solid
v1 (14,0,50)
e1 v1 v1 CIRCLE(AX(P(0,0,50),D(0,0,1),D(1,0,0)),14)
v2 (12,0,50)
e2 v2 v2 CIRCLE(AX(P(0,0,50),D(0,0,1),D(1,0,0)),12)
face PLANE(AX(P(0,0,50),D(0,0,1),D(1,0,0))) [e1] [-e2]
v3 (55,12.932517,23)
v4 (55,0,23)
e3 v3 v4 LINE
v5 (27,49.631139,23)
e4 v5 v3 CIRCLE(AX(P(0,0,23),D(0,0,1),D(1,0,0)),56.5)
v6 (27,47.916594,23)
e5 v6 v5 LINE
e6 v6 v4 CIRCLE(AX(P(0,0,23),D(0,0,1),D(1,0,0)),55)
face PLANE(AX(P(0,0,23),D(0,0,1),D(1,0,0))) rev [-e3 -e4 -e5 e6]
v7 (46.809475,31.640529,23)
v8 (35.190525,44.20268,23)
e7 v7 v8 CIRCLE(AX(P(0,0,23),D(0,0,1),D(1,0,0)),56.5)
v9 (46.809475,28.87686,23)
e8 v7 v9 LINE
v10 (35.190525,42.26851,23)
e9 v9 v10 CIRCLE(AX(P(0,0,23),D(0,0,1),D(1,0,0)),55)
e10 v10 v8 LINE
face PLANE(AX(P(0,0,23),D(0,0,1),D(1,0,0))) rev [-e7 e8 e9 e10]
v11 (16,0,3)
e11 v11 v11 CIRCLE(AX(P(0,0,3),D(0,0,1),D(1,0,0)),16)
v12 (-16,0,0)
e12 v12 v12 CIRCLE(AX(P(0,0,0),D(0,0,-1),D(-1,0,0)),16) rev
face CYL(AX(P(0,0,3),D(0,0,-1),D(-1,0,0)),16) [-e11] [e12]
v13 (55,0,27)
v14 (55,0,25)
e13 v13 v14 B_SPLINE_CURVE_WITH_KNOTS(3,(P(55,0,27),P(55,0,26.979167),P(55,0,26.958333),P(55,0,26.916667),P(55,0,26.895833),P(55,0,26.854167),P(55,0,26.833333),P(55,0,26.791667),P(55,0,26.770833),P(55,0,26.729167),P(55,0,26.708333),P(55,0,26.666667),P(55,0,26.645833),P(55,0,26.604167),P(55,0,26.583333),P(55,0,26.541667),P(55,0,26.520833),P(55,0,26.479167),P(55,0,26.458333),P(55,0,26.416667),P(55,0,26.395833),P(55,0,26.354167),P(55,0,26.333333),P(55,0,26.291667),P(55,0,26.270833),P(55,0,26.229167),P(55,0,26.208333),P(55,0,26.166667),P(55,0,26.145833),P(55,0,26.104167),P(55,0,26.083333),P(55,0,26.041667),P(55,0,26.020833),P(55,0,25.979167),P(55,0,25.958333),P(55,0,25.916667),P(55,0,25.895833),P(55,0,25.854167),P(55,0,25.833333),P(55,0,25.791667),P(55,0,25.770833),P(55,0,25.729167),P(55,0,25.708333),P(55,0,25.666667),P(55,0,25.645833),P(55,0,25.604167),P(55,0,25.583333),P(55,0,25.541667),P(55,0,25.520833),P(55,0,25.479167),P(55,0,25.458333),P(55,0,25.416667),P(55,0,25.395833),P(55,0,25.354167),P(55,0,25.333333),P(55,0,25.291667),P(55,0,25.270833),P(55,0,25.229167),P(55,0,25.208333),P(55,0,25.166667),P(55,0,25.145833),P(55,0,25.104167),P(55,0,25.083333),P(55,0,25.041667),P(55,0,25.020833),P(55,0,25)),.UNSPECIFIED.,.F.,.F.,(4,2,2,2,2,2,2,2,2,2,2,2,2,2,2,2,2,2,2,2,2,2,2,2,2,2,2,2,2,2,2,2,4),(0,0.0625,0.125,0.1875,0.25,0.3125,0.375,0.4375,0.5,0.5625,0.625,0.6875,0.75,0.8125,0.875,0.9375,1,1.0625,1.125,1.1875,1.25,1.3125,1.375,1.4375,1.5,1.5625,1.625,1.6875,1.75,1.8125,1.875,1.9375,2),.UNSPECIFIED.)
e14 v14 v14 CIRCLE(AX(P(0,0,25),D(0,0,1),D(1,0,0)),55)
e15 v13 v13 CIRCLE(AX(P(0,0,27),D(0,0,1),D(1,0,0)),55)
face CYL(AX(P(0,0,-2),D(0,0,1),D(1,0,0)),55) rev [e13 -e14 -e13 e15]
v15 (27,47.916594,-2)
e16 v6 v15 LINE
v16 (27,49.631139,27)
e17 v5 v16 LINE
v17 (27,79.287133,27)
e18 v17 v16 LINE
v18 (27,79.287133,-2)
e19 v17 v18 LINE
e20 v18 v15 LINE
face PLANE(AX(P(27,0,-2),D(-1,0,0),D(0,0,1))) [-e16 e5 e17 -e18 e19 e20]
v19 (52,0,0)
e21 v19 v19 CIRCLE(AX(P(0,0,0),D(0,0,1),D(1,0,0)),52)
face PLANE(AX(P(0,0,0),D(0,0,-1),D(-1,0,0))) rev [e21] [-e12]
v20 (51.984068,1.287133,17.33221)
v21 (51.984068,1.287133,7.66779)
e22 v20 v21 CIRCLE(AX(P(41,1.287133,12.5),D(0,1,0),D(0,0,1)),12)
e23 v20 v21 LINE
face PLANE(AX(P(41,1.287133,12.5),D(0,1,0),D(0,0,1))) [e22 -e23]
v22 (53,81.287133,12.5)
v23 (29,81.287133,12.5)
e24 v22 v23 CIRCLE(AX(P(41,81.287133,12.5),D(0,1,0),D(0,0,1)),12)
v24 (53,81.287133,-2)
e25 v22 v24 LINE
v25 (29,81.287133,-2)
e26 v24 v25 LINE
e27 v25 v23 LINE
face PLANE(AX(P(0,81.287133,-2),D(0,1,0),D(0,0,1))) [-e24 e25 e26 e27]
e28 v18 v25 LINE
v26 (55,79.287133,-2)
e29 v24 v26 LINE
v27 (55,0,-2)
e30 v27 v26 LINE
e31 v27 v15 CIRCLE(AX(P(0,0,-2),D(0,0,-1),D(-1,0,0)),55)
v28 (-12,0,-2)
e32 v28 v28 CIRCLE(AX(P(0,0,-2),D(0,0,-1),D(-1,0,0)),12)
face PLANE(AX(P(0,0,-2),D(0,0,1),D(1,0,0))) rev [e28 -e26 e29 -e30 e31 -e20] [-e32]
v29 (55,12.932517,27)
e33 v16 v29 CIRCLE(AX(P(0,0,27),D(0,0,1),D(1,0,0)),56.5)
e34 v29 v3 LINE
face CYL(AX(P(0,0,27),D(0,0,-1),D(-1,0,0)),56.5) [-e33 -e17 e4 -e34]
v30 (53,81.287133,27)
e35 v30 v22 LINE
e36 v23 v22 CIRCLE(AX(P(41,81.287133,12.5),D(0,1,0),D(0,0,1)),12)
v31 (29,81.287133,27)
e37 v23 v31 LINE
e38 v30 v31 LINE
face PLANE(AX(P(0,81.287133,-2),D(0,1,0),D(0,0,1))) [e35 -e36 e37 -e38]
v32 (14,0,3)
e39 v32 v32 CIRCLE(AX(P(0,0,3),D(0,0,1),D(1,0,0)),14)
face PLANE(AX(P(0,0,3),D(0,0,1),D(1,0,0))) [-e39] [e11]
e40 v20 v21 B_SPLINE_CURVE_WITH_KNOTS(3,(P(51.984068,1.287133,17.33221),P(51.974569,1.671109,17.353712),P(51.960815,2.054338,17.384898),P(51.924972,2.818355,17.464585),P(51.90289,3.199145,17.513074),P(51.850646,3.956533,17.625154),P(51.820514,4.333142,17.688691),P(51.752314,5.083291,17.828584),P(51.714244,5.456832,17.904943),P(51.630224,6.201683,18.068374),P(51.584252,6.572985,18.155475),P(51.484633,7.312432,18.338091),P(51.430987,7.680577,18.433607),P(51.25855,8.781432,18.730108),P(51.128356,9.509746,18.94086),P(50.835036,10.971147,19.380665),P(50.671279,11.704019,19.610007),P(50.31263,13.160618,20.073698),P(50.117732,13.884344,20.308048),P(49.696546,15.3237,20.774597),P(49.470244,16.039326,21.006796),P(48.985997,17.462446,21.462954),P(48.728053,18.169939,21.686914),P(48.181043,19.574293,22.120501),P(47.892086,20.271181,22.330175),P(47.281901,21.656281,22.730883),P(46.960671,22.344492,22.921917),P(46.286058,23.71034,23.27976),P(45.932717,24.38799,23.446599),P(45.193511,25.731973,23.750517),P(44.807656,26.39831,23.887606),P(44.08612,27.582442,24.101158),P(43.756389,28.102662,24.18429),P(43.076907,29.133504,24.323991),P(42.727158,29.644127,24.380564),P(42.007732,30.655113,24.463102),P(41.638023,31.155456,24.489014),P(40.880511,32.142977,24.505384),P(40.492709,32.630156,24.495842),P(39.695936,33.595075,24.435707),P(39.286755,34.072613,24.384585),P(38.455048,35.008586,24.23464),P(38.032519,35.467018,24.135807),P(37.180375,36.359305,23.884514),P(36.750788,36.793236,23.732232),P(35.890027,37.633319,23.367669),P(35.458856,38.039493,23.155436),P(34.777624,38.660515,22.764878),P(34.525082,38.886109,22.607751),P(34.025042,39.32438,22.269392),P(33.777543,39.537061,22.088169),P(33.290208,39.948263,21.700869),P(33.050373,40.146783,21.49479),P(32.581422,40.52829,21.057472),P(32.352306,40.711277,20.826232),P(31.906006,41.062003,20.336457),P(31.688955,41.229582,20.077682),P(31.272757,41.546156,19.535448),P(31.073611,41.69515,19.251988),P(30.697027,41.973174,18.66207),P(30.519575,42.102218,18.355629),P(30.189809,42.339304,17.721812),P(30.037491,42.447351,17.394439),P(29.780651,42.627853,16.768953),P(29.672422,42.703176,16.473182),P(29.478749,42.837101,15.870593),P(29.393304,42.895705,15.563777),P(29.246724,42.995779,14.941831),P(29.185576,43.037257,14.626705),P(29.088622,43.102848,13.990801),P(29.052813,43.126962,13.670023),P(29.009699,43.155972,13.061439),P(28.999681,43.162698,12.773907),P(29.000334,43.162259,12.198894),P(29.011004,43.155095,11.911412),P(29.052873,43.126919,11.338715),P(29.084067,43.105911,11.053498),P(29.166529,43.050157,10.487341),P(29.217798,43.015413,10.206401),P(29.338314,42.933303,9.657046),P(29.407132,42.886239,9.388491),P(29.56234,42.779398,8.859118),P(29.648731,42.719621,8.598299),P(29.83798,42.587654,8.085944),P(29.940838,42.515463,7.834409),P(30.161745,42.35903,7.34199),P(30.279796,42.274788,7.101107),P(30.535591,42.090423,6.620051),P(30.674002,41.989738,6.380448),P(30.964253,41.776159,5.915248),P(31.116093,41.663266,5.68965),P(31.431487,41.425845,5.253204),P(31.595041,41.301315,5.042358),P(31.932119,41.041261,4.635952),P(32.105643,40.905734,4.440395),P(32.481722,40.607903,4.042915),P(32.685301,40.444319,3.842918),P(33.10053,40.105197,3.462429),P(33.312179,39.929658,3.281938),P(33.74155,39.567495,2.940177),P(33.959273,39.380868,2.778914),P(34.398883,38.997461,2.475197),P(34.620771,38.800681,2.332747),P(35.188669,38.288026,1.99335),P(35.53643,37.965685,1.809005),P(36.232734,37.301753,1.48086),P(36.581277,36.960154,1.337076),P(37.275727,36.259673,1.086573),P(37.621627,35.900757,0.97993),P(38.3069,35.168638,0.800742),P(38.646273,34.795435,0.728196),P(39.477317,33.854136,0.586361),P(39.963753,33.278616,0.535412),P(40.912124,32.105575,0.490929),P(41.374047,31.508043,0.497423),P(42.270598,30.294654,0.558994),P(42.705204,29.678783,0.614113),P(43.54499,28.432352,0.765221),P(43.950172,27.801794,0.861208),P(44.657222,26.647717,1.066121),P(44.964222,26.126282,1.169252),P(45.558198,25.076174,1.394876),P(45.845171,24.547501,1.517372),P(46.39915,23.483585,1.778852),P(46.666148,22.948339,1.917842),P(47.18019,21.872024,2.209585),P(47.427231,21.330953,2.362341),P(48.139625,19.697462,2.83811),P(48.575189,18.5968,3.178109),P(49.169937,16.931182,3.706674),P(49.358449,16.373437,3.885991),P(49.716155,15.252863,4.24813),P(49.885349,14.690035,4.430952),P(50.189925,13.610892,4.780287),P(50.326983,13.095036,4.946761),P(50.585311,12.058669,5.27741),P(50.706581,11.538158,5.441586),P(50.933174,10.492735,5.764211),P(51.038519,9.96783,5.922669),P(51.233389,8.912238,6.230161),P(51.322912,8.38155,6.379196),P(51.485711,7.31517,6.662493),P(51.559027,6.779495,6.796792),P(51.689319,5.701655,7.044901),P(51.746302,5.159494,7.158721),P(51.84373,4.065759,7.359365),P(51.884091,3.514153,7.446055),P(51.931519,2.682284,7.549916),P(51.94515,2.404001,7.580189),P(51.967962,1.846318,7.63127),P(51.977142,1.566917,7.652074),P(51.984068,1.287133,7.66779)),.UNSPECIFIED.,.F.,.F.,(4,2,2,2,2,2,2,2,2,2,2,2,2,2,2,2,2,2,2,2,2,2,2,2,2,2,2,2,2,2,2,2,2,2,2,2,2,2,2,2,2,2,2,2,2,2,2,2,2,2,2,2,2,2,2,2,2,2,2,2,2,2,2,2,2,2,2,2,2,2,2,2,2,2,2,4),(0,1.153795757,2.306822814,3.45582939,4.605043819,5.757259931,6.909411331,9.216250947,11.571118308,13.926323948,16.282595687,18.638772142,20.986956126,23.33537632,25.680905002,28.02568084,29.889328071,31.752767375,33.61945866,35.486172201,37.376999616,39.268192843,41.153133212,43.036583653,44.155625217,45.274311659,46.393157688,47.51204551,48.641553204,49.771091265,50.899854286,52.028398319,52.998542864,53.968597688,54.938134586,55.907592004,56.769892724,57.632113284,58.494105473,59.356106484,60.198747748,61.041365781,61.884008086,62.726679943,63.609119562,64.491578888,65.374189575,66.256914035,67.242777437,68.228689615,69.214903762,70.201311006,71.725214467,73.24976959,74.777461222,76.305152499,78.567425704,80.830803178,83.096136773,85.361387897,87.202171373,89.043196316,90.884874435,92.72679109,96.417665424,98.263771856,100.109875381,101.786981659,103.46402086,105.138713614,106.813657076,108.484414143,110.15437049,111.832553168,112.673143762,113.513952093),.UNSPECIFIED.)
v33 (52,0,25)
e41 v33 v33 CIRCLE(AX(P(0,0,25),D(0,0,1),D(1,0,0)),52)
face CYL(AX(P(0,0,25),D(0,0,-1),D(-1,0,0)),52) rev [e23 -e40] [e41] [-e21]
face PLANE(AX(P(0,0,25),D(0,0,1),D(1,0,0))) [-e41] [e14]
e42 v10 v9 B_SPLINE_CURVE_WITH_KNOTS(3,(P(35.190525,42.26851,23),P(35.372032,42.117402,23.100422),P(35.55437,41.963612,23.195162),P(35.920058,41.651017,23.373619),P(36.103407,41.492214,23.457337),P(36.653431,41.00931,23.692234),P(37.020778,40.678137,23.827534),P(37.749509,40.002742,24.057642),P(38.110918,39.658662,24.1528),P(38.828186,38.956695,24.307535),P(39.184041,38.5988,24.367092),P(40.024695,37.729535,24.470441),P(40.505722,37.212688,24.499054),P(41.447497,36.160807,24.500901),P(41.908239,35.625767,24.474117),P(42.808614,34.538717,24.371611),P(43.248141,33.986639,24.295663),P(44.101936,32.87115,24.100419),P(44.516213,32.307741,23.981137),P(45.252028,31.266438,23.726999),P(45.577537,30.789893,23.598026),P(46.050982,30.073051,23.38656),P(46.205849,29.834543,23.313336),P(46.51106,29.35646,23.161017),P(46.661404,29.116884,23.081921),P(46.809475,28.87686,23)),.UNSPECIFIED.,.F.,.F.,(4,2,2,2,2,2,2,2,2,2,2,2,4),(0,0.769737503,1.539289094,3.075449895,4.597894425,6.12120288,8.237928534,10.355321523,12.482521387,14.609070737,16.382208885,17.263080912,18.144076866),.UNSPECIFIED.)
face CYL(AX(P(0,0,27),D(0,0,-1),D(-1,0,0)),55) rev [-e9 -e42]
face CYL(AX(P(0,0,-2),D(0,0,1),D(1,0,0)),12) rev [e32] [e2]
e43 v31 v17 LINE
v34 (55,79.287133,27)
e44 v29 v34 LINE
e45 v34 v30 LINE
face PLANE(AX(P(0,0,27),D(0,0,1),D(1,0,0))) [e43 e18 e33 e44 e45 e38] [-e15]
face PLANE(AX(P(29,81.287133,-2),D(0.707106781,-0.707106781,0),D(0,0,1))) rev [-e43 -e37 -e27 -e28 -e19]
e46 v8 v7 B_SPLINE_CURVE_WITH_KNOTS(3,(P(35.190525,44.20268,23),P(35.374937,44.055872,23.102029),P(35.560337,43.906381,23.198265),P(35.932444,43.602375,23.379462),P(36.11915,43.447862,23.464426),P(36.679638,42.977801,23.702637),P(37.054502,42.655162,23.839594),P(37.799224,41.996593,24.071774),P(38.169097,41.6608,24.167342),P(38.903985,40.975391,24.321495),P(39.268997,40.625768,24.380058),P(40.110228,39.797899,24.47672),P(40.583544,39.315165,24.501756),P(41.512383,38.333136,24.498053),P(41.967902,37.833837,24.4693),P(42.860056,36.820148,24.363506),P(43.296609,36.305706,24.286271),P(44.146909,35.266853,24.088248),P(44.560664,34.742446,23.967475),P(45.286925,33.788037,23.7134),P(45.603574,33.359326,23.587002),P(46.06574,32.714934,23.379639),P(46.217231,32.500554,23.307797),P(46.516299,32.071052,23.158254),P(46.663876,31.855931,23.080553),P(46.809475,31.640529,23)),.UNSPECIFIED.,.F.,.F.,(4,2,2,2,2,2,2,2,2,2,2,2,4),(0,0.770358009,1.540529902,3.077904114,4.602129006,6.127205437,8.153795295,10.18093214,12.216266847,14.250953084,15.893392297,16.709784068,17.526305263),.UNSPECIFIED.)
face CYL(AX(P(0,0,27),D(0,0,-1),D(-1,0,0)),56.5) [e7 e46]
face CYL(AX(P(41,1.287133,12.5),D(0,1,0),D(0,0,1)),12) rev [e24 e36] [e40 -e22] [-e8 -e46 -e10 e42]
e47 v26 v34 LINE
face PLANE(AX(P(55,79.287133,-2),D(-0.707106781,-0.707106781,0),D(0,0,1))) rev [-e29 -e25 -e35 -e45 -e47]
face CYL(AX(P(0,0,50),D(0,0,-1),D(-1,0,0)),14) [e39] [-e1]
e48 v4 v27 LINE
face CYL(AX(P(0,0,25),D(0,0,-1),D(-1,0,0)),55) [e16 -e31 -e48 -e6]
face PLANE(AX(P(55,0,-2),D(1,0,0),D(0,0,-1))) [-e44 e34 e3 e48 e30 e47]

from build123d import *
from build123d.topology import SkipClean

# Parameters (mm, degrees)
SKETCH1_R           = 55
SKETCH1_R_2         = 52
BOSS_EXTRUDE1_DEPTH = 25
BOSS_EXTRUDE2_START = -27
BOSS_EXTRUDE2_DEPTH = 29
BOSS_EXTRUDE3_START = 2
SKETCH5_R           = 55
SKETCH5_R_2         = 12
BOSS_EXTRUDE3_DEPTH = 2
SKETCH6_R           = 14
SKETCH6_R_2         = 12.000000000000002
BOSS_EXTRUDE4_DEPTH = 50
SKETCH7_R           = 16
SKETCH7_R_2         = 14.000000000000002
BOSS_EXTRUDE5_DEPTH = 3
BOSS_EXTRUDE6_START = -2
SKETCH8_R           = 55
SKETCH8_R_2         = 52
BOSS_EXTRUDE6_DEPTH = 2
SKETCH9_R           = 11.999999999999996
CUT_EXTRUDE1_DEPTH  = 80.00000000000001
CHAMFER1_SIZE       = 2
BOSS_EXTRUDE8_START = -2
SKETCH11_R          = 56.5
SKETCH11_R_2        = 54.99999999999999
BOSS_EXTRUDE8_DEPTH = 4


with BuildPart() as part:
    # Sketch1 → Boss-Extrude1 (new body)
    with BuildSketch(Plane.XY):
        Circle(SKETCH1_R)
        Circle(SKETCH1_R_2, mode=Mode.SUBTRACT)
    extrude(amount=BOSS_EXTRUDE1_DEPTH)

    # Sketch2 → Boss-Extrude2 (add)
    with BuildSketch(Plane.XY.offset(25).offset(BOSS_EXTRUDE2_START)):
        with BuildLine():
            Line((27, 81.28713256522299), (27, 47.91659420284375))
            ThreePointArc((27, 47.91659420284375), (47.486840282335066, 27.74887385102322), (55, 0))
            Line((55, 0), (55, 81.28713256522299))
            Line((55, 81.28713256522299), (27, 81.28713256522299))
        make_face()
    extrude(amount=BOSS_EXTRUDE2_DEPTH)

    # Sketch5 → Boss-Extrude3 (add)
    with BuildSketch(Plane(origin=(0, 0, 0), x_dir=(-1, 0, 0), z_dir=(0, 0, -1)).offset(BOSS_EXTRUDE3_START)):
        Circle(SKETCH5_R)
        Circle(SKETCH5_R_2, mode=Mode.SUBTRACT)
    extrude(amount=-BOSS_EXTRUDE3_DEPTH)

    # Sketch6 → Boss-Extrude4 (add)
    with BuildSketch(Plane.XY):
        with Locations(Location((0, 0, 0), (0, 0, 180))):
            Circle(SKETCH6_R)
        Circle(SKETCH6_R_2, mode=Mode.SUBTRACT)
    extrude(amount=BOSS_EXTRUDE4_DEPTH)

    # Sketch7 → Boss-Extrude5 (add)
    with BuildSketch(Plane.XY):
        with Locations(Location((0, 0, 0), (0, 0, 180))):
            Circle(SKETCH7_R)
        Circle(SKETCH7_R_2, mode=Mode.SUBTRACT)
    extrude(amount=BOSS_EXTRUDE5_DEPTH)

    # Sketch8 → Boss-Extrude6 (add)
    with BuildSketch(Plane.XY.offset(25).offset(BOSS_EXTRUDE6_START)):
        Circle(SKETCH8_R)
        Circle(SKETCH8_R_2, mode=Mode.SUBTRACT)
    extrude(amount=BOSS_EXTRUDE6_DEPTH)

    # Sketch9 → Cut-Extrude1 (cut)
    with BuildSketch(Plane(origin=(0, 81.28713256522299, 0), x_dir=(1, 0, 0), z_dir=(0, 1, 0))):
        with Locations(Location((41, -12.5, 0), (0, 0, 270))):
            Circle(SKETCH9_R)
    extrude(amount=-CUT_EXTRUDE1_DEPTH, mode=Mode.SUBTRACT)

    # Chamfer1
    chamfer1_edges = [part.edges().sort_by_distance(p)[0] for p in [
        (55, 81.28713256522299, 12.5),
        (27, 81.28713256522299, 12.5),
    ]]
    chamfer(chamfer1_edges, length=CHAMFER1_SIZE)

    # Sketch11 → Boss-Extrude8 (add)
    with SkipClean():  # the faces are left unmerged after this step: merging them gives an invalid solid
        with BuildSketch(Plane.XY.offset(25).offset(BOSS_EXTRUDE8_START)):
            Circle(SKETCH11_R)
            Circle(SKETCH11_R_2, mode=Mode.SUBTRACT)
        extrude(amount=BOSS_EXTRUDE8_DEPTH)


solid = part.part
